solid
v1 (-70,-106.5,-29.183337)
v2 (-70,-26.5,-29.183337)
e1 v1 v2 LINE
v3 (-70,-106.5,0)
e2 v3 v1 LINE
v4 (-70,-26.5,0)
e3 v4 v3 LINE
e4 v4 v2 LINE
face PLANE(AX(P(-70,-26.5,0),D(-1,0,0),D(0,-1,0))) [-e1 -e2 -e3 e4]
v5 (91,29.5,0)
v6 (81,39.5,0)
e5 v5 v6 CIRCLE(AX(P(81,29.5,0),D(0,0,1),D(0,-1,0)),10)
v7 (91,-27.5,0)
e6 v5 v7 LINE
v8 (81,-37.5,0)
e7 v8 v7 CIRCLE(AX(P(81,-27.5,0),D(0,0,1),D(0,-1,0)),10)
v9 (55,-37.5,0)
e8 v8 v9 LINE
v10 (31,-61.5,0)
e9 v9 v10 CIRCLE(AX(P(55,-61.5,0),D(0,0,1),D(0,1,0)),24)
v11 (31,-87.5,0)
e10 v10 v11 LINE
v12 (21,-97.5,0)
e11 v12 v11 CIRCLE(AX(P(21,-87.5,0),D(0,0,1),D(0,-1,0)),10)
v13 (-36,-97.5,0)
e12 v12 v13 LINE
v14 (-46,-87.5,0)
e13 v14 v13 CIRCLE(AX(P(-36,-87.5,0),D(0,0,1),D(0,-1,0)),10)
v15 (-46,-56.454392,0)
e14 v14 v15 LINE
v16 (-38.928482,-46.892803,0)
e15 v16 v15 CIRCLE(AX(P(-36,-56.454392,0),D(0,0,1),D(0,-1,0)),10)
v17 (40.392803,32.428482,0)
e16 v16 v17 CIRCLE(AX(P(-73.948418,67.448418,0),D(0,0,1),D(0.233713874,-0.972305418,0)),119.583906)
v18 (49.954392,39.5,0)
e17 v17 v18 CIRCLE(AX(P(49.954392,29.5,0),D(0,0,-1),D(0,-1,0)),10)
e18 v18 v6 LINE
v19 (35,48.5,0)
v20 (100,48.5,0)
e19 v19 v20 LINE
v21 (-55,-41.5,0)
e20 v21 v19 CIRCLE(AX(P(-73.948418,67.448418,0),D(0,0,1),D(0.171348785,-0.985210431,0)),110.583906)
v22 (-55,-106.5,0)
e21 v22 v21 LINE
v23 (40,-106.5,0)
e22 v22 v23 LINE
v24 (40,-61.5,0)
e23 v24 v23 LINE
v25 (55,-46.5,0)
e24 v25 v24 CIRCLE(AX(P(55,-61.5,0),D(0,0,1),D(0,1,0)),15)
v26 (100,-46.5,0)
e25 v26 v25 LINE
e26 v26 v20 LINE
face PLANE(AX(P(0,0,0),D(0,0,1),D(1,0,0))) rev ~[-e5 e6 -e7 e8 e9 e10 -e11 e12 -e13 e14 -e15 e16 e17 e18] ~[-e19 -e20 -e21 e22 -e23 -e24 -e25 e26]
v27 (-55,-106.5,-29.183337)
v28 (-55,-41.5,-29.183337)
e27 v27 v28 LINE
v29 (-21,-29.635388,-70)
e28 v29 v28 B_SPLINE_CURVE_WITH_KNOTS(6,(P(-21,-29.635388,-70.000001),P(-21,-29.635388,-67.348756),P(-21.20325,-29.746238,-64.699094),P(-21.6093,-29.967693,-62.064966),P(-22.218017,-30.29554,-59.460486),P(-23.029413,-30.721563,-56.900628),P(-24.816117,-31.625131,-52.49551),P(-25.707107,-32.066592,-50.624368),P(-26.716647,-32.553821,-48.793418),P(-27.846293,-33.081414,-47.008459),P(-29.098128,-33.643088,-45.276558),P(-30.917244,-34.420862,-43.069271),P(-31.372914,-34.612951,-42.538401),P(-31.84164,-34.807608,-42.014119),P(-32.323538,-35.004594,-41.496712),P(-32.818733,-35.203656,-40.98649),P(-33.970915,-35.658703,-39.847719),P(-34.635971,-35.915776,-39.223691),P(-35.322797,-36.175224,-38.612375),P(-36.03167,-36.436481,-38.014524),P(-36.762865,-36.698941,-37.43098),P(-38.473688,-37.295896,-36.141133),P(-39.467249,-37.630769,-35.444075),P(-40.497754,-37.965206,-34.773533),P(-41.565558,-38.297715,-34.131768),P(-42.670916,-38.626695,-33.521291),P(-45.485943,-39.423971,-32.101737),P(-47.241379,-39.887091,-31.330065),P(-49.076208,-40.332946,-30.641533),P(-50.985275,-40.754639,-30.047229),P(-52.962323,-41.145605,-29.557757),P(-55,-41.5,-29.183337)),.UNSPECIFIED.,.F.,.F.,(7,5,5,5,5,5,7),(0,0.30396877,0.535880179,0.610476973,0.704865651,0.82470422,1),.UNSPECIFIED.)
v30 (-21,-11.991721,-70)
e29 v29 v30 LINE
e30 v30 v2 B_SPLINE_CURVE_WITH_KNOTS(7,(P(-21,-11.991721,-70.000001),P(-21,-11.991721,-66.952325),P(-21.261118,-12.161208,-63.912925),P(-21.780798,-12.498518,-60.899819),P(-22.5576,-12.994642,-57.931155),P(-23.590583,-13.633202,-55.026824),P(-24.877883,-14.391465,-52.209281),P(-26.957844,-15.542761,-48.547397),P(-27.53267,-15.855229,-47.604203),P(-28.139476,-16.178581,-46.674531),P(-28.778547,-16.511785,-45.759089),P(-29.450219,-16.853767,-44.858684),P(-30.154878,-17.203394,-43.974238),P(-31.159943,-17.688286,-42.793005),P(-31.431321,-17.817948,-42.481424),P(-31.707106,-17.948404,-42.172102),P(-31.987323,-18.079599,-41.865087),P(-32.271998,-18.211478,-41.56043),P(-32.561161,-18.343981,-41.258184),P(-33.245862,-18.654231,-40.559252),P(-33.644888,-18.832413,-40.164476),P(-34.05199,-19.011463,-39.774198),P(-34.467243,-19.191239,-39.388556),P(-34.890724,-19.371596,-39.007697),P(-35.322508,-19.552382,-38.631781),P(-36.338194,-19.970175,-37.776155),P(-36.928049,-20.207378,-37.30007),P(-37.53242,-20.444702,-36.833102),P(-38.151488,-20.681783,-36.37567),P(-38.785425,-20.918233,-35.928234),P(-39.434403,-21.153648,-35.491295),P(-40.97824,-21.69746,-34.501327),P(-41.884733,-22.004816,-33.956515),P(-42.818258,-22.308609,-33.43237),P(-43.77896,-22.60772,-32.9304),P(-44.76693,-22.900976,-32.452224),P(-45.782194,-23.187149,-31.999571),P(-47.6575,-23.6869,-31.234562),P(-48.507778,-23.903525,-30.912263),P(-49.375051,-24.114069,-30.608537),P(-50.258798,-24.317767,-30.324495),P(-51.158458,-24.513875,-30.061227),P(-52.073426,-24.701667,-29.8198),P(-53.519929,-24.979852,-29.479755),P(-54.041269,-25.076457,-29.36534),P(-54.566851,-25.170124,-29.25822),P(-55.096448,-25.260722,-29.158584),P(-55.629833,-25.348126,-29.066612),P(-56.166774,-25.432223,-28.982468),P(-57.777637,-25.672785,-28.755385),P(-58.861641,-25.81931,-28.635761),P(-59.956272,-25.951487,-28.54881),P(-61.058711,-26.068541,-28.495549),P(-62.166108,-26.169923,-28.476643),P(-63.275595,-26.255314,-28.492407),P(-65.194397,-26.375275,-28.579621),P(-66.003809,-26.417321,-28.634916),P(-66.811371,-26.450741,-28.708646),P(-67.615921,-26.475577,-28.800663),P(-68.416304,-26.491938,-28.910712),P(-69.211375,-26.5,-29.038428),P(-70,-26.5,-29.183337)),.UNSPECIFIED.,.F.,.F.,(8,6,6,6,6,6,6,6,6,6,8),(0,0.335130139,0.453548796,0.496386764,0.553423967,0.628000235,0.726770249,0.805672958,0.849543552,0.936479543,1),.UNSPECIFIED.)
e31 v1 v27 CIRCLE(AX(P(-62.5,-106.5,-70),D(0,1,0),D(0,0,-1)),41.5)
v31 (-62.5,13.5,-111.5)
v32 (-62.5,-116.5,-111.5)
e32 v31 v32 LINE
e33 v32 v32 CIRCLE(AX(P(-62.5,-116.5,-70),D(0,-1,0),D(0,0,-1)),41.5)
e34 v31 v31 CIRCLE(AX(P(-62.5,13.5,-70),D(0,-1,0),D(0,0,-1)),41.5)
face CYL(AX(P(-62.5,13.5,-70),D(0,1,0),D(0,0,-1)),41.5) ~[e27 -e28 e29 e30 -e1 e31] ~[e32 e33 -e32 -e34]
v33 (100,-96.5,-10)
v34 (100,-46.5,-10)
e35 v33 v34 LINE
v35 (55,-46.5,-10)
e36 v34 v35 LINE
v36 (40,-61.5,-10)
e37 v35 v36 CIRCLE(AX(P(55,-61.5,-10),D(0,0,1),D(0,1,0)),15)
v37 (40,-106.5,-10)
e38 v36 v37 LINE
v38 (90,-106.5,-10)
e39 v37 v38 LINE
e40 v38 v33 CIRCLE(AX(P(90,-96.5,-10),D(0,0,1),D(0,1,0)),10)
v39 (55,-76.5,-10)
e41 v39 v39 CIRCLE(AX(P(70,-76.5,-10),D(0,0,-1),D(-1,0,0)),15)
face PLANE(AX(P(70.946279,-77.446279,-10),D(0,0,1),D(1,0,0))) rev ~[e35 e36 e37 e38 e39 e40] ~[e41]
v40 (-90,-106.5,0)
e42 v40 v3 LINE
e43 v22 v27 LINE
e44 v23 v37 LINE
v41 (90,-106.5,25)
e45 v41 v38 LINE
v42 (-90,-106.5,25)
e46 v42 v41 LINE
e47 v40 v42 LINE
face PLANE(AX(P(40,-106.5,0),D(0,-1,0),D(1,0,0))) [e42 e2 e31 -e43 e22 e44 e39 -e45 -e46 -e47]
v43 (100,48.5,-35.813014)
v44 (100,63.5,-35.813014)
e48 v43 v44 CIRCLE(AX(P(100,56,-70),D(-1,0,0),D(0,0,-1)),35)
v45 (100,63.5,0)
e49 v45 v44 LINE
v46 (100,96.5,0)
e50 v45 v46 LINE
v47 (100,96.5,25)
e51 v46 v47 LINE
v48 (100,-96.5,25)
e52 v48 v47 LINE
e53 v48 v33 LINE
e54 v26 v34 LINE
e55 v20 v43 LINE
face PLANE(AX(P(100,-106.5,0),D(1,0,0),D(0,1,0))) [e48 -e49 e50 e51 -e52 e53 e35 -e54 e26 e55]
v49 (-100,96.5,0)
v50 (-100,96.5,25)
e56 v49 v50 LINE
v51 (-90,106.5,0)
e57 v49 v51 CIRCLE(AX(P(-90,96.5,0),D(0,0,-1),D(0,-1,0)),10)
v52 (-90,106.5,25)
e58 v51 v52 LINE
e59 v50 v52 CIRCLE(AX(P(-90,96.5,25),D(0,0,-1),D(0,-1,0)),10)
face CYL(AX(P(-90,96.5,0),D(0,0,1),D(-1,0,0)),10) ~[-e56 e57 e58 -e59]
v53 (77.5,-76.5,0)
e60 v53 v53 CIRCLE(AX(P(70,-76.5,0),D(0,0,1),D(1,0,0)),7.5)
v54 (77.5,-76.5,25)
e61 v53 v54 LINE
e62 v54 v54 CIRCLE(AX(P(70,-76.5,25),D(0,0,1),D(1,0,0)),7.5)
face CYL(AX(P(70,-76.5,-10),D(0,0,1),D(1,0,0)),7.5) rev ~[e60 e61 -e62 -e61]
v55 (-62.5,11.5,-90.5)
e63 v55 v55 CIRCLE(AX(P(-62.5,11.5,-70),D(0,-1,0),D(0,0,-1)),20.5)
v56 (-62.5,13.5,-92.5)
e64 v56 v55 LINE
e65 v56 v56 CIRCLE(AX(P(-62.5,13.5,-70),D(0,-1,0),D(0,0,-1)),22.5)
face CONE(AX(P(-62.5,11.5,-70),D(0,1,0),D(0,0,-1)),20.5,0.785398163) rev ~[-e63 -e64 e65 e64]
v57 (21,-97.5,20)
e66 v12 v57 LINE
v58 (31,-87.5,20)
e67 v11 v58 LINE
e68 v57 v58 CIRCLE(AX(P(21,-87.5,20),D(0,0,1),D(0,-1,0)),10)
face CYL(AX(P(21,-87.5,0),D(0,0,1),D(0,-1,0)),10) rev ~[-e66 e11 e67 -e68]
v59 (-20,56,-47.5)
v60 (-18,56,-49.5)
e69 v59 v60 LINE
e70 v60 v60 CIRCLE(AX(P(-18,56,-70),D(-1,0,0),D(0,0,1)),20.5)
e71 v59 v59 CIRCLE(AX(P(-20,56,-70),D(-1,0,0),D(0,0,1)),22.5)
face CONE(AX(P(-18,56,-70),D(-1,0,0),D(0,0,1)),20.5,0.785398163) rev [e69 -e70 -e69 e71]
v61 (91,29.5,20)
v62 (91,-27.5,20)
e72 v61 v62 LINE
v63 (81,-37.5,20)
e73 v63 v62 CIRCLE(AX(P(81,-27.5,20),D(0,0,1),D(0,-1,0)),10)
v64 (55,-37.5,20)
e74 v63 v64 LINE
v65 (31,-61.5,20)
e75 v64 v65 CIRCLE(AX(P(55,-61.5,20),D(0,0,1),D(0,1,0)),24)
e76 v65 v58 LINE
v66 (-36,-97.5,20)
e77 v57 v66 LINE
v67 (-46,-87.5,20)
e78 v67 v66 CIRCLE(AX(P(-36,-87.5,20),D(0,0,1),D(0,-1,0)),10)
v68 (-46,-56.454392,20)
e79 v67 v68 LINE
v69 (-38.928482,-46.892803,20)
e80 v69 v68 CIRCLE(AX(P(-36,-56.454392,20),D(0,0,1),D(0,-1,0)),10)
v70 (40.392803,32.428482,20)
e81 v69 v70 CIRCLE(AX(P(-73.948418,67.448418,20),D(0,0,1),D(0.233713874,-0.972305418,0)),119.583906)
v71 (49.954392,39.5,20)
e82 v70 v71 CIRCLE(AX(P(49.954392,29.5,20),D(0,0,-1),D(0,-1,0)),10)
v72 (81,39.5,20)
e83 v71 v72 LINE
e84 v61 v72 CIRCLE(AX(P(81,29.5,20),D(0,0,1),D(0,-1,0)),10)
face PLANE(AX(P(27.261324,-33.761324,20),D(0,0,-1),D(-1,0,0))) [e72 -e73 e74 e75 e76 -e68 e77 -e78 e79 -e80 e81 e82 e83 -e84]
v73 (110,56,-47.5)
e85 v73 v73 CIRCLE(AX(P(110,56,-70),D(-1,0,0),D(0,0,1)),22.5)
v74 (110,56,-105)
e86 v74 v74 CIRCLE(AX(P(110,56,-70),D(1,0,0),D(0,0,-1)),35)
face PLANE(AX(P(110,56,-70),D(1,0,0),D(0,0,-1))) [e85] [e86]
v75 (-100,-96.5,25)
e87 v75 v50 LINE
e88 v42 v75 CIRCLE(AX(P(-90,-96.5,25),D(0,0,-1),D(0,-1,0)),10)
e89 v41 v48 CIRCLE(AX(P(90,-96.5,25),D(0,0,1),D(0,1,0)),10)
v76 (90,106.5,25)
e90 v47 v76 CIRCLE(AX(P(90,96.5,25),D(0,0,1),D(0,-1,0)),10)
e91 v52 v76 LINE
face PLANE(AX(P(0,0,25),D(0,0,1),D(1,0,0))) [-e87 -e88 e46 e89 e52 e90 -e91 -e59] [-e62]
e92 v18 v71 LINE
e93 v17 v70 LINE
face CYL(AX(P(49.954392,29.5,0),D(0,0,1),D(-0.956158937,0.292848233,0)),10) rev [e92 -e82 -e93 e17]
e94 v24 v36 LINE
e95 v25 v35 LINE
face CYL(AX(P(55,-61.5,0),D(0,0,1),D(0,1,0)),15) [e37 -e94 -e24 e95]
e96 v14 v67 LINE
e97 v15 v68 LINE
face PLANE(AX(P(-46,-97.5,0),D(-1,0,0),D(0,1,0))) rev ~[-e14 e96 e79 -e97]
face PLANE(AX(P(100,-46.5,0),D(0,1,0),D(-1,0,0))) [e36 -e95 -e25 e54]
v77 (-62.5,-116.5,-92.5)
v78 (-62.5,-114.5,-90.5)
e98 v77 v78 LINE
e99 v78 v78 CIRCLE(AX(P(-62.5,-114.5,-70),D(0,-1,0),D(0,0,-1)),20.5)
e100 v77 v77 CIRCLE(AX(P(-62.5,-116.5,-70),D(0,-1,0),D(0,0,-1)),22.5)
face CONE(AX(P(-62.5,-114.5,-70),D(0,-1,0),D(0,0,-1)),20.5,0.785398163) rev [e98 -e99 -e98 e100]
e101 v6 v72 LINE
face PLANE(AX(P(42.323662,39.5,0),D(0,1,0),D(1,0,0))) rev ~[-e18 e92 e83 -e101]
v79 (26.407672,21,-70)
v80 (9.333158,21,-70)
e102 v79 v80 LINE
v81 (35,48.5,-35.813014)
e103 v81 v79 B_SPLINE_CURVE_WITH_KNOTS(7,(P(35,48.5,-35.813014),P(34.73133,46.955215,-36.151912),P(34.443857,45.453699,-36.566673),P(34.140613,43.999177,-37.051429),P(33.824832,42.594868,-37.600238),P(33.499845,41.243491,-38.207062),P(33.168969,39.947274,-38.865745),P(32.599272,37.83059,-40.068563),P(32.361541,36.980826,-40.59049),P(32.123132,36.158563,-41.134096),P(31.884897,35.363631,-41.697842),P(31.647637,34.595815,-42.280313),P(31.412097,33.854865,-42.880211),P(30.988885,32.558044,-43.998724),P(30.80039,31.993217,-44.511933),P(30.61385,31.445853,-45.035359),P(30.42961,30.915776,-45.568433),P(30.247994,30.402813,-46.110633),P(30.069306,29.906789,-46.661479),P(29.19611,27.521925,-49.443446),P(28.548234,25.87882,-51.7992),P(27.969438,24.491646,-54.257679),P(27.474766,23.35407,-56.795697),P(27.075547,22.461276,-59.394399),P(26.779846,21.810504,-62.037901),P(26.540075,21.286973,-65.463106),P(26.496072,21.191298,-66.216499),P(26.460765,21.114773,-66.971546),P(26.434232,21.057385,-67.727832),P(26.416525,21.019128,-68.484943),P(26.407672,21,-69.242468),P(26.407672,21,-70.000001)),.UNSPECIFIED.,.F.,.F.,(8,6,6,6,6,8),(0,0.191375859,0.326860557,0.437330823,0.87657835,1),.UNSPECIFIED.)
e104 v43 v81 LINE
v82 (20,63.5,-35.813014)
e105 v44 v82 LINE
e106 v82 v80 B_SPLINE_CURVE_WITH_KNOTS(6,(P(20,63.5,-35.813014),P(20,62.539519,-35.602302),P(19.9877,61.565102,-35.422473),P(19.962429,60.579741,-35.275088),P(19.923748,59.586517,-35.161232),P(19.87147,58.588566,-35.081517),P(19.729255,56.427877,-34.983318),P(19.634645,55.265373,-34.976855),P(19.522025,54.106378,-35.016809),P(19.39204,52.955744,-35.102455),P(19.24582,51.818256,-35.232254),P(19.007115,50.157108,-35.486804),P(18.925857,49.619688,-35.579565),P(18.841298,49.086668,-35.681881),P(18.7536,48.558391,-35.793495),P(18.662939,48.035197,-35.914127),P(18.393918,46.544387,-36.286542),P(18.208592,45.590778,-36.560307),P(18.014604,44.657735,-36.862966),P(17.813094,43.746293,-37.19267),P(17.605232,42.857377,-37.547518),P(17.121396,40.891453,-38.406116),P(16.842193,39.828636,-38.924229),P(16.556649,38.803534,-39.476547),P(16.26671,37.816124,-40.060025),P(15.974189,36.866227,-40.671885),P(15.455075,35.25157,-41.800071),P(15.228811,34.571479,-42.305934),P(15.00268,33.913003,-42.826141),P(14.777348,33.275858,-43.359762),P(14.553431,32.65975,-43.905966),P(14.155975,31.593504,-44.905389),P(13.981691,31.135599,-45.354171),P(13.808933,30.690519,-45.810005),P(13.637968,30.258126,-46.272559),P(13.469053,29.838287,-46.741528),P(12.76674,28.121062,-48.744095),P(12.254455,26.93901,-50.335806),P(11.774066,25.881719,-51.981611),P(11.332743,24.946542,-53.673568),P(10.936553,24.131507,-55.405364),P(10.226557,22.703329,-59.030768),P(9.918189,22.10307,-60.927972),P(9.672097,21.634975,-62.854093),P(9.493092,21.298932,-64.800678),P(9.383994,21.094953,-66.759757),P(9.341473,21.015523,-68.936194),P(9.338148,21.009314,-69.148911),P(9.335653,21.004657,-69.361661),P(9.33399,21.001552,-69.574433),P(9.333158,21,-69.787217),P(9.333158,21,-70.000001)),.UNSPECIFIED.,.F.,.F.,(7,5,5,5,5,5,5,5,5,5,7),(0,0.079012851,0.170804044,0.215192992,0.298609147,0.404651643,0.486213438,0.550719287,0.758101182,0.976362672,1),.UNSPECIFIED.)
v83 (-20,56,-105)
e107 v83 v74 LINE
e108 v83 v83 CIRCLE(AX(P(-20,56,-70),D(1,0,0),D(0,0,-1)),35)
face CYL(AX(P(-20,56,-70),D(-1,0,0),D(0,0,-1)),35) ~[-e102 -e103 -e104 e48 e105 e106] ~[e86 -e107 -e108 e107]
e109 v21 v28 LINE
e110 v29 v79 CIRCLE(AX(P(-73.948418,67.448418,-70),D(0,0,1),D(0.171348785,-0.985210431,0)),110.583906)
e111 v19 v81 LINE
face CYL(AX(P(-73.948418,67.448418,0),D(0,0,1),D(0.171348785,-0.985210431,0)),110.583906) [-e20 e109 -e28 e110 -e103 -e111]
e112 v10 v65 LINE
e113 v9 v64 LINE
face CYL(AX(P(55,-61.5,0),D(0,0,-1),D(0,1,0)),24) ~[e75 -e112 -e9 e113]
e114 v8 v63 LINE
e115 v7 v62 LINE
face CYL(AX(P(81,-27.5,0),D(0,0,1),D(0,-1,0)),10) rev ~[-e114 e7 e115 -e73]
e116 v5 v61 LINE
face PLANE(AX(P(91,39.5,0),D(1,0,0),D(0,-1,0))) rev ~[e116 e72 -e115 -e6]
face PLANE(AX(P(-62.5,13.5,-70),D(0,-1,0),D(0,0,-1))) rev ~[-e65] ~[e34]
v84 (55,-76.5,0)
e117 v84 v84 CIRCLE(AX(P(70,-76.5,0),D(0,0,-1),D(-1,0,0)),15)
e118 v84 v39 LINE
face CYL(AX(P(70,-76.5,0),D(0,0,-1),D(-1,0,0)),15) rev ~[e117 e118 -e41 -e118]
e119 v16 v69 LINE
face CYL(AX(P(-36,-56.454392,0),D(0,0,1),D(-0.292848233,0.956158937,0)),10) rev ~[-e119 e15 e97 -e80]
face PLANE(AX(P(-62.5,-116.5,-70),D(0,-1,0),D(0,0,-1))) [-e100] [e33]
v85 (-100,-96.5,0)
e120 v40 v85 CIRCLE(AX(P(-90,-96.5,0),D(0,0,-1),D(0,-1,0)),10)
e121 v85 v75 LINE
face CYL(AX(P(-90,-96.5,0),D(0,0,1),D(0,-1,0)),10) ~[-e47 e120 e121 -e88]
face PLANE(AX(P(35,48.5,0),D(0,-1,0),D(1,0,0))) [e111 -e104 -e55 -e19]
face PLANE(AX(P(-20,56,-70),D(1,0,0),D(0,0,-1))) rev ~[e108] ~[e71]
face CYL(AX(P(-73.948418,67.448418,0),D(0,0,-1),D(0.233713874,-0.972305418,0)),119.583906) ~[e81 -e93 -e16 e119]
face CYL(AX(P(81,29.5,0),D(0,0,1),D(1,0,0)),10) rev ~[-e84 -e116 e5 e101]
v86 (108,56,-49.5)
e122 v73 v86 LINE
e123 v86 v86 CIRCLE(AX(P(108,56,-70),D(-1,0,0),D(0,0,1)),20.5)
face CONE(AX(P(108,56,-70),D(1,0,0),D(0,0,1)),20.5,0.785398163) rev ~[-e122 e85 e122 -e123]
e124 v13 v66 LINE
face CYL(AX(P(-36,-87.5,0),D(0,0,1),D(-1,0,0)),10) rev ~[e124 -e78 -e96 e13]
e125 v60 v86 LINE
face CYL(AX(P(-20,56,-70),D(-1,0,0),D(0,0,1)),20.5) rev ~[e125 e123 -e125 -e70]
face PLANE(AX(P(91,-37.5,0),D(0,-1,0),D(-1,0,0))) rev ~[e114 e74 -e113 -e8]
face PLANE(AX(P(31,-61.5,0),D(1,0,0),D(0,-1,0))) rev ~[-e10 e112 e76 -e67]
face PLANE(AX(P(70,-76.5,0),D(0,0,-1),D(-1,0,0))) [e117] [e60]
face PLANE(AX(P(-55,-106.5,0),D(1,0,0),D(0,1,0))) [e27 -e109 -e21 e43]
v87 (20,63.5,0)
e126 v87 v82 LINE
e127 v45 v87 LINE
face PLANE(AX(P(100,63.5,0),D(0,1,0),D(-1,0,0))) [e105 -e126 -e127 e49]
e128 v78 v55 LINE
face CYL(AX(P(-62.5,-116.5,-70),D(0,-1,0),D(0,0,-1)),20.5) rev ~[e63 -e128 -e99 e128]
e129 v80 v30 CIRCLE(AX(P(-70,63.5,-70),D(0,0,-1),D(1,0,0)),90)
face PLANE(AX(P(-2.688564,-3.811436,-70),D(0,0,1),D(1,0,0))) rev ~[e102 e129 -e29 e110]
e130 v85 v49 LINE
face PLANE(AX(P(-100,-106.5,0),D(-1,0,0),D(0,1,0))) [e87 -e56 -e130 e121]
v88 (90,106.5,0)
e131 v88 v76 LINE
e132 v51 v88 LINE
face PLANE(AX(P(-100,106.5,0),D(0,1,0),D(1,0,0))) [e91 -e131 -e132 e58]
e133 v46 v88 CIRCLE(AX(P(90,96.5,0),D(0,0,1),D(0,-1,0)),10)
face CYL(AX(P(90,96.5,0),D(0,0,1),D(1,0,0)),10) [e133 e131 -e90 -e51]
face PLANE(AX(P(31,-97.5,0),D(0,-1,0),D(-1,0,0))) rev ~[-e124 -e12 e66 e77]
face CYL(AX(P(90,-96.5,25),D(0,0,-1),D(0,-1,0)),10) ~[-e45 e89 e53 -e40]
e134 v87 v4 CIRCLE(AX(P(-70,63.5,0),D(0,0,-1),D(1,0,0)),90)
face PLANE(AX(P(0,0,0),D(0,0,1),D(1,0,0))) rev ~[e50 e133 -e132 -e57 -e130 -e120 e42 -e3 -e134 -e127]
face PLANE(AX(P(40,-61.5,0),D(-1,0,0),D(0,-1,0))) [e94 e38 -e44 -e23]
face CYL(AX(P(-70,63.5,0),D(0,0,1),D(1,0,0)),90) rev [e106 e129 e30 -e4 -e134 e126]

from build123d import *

# Parameters (mm, degrees)
SKETCH1_W                               = 200
SKETCH1_H                               = 213
BOSS_EXTRUDE1_DEPTH                     = 25
BOSS_EXTRUDE2_DEPTH                     = 10
BOSS_EXTRUDE3_DEPTH                     = 70
CUT_EXTRUDE1_DEPTH                      = 20
BOSS_EXTRUDE5_DEPTH                     = 10
BOSS_EXTRUDE5_DEPTH_BACK                = 120
SKETCH5_R                               = 35
BOSS_EXTRUDE6_DEPTH                     = 10
BOSS_EXTRUDE6_DEPTH_BACK                = 120
SKETCH6_R                               = 41.5
CUT_EXTRUDE2_REACH                      = 274.509
SKETCH7_R                               = 20.5
CUT_EXTRUDE3_REACH                      = 209.134
SKETCH8_R                               = 20.5
CBORE_FOR_M8_HEX_HEAD_BOLT1_D           = 15
CBORE_FOR_M8_HEX_HEAD_BOLT1_CBORE_D     = 30
CBORE_FOR_M8_HEX_HEAD_BOLT1_CBORE_DEPTH = 10
CHAMFER1_SIZE                           = 2
FILLET1_R                               = 10


with BuildPart() as part:
    # Sketch1 → Boss-Extrude1 (new body)
    with BuildSketch(Plane.XY):
        Rectangle(SKETCH1_W, SKETCH1_H)
    extrude(amount=BOSS_EXTRUDE1_DEPTH)

    # Sketch2 → Boss-Extrude2 (add)
    with BuildSketch(Plane.XY):
        with BuildLine():
            Line((100, -46.5), (55, -46.5))
            ThreePointArc((55, -46.5), (44.393398282, -50.893398282), (40, -61.5))
            Line((40, -61.5), (40, -106.5))
            Line((40, -106.5), (100, -106.5))
            Line((100, -106.5), (100, -46.5))
        make_face()
    extrude(amount=-BOSS_EXTRUDE2_DEPTH)

    # Sketch3 → Boss-Extrude3 (add)
    with BuildSketch(Plane(origin=(0, 0, 0), x_dir=(-1, 0, 0), z_dir=(0, 0, -1))):
        with BuildLine():
            Line((-100, 63.5), (-20, 63.5))
            ThreePointArc((-20, 63.5), (6.360389693, -0.139610307), (70, -26.5))
            Line((70, -26.5), (70, -106.5))
            Line((70, -106.5), (55, -106.5))
            Line((55, -106.5), (55, -41.5))
            ThreePointArc((55, -41.5), (-4.246212025, -10.746212025), (-35, 48.5))
            Line((-35, 48.5), (-100, 48.5))
            Line((-100, 48.5), (-100, 63.5))
        make_face()
    extrude(amount=BOSS_EXTRUDE3_DEPTH)

    # Sketch4 → Cut-Extrude1 (cut)
    with BuildSketch(Plane(origin=(0, 0, 0), x_dir=(-1, 0, 0), z_dir=(0, 0, -1))):
        with BuildLine():
            Line((-42.323661941, 39.5), (-91, 39.5))
            Line((-91, 39.5), (-91, -37.5))
            Line((-91, -37.5), (-55, -37.5))
            ThreePointArc((-55, -37.5), (-38.029437252, -44.529437252), (-31, -61.5))
            Line((-31, -61.5), (-31, -97.5))
            Line((-31, -97.5), (46, -97.5))
            Line((46, -97.5), (46, -48.823661941))
            ThreePointArc((46, -48.823661941), (-10.610173055, -17.110173055), (-42.323661941, 39.5))
        make_face()
    extrude(amount=-CUT_EXTRUDE1_DEPTH, mode=Mode.SUBTRACT)

    # Sketch5 → Boss-Extrude5 (add, two sides: drawn at the far end of the back side and taken through both)
    with BuildSketch(Plane(origin=(100, 0, 0), x_dir=(0, 0, -1), z_dir=(1, 0, 0)).offset(-BOSS_EXTRUDE5_DEPTH_BACK)):
        with Locations((70, 56)):
            Circle(SKETCH5_R)
    extrude(amount=BOSS_EXTRUDE5_DEPTH + BOSS_EXTRUDE5_DEPTH_BACK)

    # Sketch6 → Boss-Extrude6 (add, two sides: drawn at the far end of the back side and taken through both)
    with BuildSketch(Plane.XZ.offset(106.5).offset(-BOSS_EXTRUDE6_DEPTH_BACK)):
        with Locations(Location((-62.5, -70, 0), (0, 0, 270))):
            Circle(SKETCH6_R)
    extrude(amount=BOSS_EXTRUDE6_DEPTH + BOSS_EXTRUDE6_DEPTH_BACK)

    # Sketch7 → Cut-Extrude2 (cut, up to next)
    with BuildSketch(Plane.XZ.offset(116.5), mode=Mode.PRIVATE) as cut_extrude2_sk1:
        with Locations(Location((-62.5, -70, 0), (0, 0, 270))):
            Circle(SKETCH7_R)
    cut_extrude2_tool1 = extrude(cut_extrude2_sk1.sketch, amount=-CUT_EXTRUDE2_REACH, mode=Mode.PRIVATE) & part.part
    add(cut_extrude2_tool1.solids().sort_by_distance((-62.5, -116.5, -70))[0], mode=Mode.SUBTRACT)

    # Sketch8 → Cut-Extrude3 (cut, up to next)
    with BuildSketch(Plane.ZY.offset(20), mode=Mode.PRIVATE) as cut_extrude3_sk1:
        with Locations((-70, 56)):
            Circle(SKETCH8_R)
    cut_extrude3_tool1 = extrude(cut_extrude3_sk1.sketch, amount=-CUT_EXTRUDE3_REACH, mode=Mode.PRIVATE) & part.part
    add(cut_extrude3_tool1.solids().sort_by_distance((-20, 56, -70))[0], mode=Mode.SUBTRACT)

    # CBORE for M8 Hex Head Bolt1 (through all)
    with Locations(Plane(origin=(70, -76.5, -10), x_dir=(-1, 0, 0), z_dir=(0, 0, -1))):
        with Locations((0, 0)):
            CounterBoreHole(CBORE_FOR_M8_HEX_HEAD_BOLT1_D / 2, CBORE_FOR_M8_HEX_HEAD_BOLT1_CBORE_D / 2, CBORE_FOR_M8_HEX_HEAD_BOLT1_CBORE_DEPTH)

    # Chamfer1
    chamfer1_edges = [part.edges().sort_by_distance(p)[0] for p in [
        (-62.5, -116.5, -49.5),
        (-62.5, 13.5, -49.5),
        (110, 56, -90.5),
        (-20, 56, -90.5),
    ]]
    chamfer(chamfer1_edges, length=CHAMFER1_SIZE)

    # Fillet1
    fillet1_edges = [part.edges().sort_by_distance(p)[0] for p in [
        (42.323661941, 39.5, 10),
        (-46, -48.823661941, 10),
        (-46, -97.5, 10),
        (31, -97.5, 10),
        (91, -37.5, 10),
        (91, 39.5, 10),
        (100, -106.5, 7.5),
        (-100, -106.5, 12.5),
        (-100, 106.5, 12.5),
        (100, 106.5, 12.5),
    ]]
    fillet(fillet1_edges, radius=FILLET1_R)


solid = part.part
